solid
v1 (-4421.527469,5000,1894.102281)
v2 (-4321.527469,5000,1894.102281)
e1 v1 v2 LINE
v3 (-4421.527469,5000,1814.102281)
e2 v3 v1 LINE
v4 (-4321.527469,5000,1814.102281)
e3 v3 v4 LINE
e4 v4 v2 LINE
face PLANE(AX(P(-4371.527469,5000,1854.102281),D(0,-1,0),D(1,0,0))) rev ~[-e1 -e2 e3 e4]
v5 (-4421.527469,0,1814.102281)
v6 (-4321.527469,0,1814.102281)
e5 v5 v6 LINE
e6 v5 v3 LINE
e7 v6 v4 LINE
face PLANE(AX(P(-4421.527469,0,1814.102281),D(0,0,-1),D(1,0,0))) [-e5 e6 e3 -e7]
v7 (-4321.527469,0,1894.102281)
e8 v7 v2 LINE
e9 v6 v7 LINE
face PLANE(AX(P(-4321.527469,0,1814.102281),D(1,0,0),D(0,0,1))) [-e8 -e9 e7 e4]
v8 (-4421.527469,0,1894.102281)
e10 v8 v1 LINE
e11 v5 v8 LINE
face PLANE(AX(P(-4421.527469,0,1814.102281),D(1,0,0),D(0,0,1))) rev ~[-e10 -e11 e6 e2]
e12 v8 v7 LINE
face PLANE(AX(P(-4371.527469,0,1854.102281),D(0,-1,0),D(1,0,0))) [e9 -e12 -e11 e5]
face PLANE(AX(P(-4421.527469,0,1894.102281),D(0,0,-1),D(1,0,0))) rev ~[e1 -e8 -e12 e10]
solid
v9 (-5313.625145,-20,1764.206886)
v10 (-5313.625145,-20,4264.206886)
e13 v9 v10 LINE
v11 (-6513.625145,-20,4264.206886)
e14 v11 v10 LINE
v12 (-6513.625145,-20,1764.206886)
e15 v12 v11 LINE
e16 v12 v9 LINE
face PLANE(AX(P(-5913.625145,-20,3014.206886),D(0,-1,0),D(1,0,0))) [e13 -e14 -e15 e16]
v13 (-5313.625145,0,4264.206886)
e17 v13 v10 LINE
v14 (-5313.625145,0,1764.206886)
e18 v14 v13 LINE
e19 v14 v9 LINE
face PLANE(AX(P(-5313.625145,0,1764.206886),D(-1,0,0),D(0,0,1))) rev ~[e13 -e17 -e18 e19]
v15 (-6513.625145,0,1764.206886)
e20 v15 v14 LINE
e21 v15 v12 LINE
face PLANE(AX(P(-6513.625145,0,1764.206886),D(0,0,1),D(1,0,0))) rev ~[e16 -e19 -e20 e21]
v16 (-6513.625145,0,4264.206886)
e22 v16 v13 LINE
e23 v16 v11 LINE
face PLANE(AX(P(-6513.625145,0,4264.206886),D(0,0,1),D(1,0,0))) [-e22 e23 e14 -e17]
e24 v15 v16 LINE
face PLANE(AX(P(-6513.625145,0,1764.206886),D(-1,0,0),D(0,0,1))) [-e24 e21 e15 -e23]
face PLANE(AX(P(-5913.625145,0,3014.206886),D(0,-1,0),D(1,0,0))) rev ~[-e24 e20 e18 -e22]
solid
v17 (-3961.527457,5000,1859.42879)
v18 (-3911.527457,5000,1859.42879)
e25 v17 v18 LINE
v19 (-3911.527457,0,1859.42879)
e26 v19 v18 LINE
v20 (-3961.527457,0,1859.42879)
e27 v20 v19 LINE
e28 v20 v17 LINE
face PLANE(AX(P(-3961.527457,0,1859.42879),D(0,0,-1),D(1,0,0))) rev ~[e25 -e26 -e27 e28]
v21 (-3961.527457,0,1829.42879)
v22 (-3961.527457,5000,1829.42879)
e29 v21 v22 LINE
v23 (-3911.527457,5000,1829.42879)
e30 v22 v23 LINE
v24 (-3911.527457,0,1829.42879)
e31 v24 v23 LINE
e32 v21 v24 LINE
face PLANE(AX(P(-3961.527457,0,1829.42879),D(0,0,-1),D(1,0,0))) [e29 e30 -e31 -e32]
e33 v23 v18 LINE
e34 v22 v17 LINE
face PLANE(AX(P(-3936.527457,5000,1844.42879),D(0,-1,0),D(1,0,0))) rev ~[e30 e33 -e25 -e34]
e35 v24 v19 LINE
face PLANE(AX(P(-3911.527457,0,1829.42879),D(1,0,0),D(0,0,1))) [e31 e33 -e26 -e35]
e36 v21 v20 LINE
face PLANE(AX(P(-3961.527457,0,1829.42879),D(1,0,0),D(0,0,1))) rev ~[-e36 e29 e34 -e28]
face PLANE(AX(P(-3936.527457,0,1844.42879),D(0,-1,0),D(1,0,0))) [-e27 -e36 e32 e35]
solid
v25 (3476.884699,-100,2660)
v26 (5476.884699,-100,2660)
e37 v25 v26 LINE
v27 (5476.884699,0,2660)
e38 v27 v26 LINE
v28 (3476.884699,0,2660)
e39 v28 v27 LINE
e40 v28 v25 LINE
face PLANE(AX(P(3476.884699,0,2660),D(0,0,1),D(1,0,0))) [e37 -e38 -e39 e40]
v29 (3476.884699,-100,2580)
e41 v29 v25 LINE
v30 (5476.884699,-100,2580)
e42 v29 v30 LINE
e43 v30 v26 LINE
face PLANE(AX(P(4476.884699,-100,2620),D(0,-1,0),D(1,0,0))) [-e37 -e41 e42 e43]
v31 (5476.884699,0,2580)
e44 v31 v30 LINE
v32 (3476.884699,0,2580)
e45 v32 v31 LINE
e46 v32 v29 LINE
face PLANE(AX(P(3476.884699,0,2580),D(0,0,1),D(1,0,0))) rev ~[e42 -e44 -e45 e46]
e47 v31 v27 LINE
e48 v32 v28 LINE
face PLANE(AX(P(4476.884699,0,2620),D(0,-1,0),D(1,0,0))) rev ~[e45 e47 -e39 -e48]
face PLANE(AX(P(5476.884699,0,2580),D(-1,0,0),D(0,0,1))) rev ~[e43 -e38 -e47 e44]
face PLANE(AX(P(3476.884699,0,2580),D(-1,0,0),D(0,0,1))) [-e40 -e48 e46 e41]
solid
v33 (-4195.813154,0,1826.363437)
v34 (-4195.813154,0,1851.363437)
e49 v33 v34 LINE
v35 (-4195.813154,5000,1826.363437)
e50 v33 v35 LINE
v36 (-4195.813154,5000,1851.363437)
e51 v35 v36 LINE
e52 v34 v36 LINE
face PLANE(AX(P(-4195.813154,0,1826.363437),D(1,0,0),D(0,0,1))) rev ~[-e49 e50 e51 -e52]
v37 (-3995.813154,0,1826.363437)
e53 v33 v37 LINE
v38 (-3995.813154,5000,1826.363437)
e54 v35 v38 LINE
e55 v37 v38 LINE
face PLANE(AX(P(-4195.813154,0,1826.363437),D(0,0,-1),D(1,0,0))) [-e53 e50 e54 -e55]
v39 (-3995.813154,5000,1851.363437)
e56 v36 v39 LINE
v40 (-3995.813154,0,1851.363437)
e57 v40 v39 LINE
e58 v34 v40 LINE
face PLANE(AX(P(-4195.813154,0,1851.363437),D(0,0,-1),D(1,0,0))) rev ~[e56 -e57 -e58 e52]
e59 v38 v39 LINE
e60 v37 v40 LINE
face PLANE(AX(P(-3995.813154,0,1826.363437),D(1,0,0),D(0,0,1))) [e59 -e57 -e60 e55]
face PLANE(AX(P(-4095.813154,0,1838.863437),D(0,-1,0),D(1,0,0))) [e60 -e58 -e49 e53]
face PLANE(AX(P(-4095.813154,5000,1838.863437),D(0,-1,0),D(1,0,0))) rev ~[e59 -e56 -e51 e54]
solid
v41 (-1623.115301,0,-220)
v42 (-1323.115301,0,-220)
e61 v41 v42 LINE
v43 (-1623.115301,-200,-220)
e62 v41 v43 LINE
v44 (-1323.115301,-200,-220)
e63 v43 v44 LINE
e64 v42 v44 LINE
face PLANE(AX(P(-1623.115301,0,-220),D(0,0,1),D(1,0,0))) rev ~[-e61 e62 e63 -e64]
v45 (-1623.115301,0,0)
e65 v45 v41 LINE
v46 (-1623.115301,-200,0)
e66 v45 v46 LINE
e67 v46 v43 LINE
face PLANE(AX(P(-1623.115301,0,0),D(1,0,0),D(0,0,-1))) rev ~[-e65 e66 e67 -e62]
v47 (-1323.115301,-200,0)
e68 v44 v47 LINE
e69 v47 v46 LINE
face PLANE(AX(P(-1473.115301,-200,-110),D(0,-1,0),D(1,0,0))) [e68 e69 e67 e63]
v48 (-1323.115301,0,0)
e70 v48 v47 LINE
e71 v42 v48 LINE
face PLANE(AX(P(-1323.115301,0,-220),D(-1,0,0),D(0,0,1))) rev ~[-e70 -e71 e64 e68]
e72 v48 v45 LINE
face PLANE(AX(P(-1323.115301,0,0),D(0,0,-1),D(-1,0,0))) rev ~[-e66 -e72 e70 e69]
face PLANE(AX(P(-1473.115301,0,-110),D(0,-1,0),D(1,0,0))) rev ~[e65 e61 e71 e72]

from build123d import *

# Parameters (mm, degrees)
F2_W     = 100
F2_H     = 80
F2_W_2   = 200
F2_H_2   = 25
F2_W_3   = 50
F2_H_3   = 30
F3_DEPTH = 5000
F1_W     = 2000
F1_H     = 80
F4_DEPTH = 100
F5_DEPTH = 200
F2_W_4   = 1200
F2_H_4   = 2500
F6_DEPTH = 20


with BuildPart() as f3:
    # F2 (on Front) → F3 (new body)
    with BuildSketch(Plane.XZ):
        with Locations((-4371.527469, 1854.102281)):
            Rectangle(F2_W, F2_H)
        with Locations((-4095.813154, 1838.863437)):
            Rectangle(F2_W_2, F2_H_2)
        with Locations((-3936.527457, 1844.42879)):
            Rectangle(F2_W_3, F2_H_3)
    extrude(amount=-F3_DEPTH)


with BuildPart() as f4:
    # F1 (on Front) → F4 (new body)
    with BuildSketch(Plane.XZ):
        with Locations((4476.884699, 2620)):
            Rectangle(F1_W, F1_H)
    extrude(amount=F4_DEPTH)


with BuildPart() as f5:
    # F1 (on Front) → F5 (new body)
    with BuildSketch(Plane.XZ):
        Polygon((-1523.115301, 0), (-1623.115301, 0), (-1623.115301, -220), (-1323.115301, -220), (-1323.115301, 0), (-1423.115301, 0), align=None)
    extrude(amount=F5_DEPTH)


with BuildPart() as f6:
    # F2 (on Front) → F6 (new body)
    with BuildSketch(Plane.XZ):
        with Locations((-5913.625145, 3014.206886)):
            Rectangle(F2_W_4, F2_H_4)
    extrude(amount=F6_DEPTH)


solid = Compound([f3.part, f4.part, f5.part, f6.part])
